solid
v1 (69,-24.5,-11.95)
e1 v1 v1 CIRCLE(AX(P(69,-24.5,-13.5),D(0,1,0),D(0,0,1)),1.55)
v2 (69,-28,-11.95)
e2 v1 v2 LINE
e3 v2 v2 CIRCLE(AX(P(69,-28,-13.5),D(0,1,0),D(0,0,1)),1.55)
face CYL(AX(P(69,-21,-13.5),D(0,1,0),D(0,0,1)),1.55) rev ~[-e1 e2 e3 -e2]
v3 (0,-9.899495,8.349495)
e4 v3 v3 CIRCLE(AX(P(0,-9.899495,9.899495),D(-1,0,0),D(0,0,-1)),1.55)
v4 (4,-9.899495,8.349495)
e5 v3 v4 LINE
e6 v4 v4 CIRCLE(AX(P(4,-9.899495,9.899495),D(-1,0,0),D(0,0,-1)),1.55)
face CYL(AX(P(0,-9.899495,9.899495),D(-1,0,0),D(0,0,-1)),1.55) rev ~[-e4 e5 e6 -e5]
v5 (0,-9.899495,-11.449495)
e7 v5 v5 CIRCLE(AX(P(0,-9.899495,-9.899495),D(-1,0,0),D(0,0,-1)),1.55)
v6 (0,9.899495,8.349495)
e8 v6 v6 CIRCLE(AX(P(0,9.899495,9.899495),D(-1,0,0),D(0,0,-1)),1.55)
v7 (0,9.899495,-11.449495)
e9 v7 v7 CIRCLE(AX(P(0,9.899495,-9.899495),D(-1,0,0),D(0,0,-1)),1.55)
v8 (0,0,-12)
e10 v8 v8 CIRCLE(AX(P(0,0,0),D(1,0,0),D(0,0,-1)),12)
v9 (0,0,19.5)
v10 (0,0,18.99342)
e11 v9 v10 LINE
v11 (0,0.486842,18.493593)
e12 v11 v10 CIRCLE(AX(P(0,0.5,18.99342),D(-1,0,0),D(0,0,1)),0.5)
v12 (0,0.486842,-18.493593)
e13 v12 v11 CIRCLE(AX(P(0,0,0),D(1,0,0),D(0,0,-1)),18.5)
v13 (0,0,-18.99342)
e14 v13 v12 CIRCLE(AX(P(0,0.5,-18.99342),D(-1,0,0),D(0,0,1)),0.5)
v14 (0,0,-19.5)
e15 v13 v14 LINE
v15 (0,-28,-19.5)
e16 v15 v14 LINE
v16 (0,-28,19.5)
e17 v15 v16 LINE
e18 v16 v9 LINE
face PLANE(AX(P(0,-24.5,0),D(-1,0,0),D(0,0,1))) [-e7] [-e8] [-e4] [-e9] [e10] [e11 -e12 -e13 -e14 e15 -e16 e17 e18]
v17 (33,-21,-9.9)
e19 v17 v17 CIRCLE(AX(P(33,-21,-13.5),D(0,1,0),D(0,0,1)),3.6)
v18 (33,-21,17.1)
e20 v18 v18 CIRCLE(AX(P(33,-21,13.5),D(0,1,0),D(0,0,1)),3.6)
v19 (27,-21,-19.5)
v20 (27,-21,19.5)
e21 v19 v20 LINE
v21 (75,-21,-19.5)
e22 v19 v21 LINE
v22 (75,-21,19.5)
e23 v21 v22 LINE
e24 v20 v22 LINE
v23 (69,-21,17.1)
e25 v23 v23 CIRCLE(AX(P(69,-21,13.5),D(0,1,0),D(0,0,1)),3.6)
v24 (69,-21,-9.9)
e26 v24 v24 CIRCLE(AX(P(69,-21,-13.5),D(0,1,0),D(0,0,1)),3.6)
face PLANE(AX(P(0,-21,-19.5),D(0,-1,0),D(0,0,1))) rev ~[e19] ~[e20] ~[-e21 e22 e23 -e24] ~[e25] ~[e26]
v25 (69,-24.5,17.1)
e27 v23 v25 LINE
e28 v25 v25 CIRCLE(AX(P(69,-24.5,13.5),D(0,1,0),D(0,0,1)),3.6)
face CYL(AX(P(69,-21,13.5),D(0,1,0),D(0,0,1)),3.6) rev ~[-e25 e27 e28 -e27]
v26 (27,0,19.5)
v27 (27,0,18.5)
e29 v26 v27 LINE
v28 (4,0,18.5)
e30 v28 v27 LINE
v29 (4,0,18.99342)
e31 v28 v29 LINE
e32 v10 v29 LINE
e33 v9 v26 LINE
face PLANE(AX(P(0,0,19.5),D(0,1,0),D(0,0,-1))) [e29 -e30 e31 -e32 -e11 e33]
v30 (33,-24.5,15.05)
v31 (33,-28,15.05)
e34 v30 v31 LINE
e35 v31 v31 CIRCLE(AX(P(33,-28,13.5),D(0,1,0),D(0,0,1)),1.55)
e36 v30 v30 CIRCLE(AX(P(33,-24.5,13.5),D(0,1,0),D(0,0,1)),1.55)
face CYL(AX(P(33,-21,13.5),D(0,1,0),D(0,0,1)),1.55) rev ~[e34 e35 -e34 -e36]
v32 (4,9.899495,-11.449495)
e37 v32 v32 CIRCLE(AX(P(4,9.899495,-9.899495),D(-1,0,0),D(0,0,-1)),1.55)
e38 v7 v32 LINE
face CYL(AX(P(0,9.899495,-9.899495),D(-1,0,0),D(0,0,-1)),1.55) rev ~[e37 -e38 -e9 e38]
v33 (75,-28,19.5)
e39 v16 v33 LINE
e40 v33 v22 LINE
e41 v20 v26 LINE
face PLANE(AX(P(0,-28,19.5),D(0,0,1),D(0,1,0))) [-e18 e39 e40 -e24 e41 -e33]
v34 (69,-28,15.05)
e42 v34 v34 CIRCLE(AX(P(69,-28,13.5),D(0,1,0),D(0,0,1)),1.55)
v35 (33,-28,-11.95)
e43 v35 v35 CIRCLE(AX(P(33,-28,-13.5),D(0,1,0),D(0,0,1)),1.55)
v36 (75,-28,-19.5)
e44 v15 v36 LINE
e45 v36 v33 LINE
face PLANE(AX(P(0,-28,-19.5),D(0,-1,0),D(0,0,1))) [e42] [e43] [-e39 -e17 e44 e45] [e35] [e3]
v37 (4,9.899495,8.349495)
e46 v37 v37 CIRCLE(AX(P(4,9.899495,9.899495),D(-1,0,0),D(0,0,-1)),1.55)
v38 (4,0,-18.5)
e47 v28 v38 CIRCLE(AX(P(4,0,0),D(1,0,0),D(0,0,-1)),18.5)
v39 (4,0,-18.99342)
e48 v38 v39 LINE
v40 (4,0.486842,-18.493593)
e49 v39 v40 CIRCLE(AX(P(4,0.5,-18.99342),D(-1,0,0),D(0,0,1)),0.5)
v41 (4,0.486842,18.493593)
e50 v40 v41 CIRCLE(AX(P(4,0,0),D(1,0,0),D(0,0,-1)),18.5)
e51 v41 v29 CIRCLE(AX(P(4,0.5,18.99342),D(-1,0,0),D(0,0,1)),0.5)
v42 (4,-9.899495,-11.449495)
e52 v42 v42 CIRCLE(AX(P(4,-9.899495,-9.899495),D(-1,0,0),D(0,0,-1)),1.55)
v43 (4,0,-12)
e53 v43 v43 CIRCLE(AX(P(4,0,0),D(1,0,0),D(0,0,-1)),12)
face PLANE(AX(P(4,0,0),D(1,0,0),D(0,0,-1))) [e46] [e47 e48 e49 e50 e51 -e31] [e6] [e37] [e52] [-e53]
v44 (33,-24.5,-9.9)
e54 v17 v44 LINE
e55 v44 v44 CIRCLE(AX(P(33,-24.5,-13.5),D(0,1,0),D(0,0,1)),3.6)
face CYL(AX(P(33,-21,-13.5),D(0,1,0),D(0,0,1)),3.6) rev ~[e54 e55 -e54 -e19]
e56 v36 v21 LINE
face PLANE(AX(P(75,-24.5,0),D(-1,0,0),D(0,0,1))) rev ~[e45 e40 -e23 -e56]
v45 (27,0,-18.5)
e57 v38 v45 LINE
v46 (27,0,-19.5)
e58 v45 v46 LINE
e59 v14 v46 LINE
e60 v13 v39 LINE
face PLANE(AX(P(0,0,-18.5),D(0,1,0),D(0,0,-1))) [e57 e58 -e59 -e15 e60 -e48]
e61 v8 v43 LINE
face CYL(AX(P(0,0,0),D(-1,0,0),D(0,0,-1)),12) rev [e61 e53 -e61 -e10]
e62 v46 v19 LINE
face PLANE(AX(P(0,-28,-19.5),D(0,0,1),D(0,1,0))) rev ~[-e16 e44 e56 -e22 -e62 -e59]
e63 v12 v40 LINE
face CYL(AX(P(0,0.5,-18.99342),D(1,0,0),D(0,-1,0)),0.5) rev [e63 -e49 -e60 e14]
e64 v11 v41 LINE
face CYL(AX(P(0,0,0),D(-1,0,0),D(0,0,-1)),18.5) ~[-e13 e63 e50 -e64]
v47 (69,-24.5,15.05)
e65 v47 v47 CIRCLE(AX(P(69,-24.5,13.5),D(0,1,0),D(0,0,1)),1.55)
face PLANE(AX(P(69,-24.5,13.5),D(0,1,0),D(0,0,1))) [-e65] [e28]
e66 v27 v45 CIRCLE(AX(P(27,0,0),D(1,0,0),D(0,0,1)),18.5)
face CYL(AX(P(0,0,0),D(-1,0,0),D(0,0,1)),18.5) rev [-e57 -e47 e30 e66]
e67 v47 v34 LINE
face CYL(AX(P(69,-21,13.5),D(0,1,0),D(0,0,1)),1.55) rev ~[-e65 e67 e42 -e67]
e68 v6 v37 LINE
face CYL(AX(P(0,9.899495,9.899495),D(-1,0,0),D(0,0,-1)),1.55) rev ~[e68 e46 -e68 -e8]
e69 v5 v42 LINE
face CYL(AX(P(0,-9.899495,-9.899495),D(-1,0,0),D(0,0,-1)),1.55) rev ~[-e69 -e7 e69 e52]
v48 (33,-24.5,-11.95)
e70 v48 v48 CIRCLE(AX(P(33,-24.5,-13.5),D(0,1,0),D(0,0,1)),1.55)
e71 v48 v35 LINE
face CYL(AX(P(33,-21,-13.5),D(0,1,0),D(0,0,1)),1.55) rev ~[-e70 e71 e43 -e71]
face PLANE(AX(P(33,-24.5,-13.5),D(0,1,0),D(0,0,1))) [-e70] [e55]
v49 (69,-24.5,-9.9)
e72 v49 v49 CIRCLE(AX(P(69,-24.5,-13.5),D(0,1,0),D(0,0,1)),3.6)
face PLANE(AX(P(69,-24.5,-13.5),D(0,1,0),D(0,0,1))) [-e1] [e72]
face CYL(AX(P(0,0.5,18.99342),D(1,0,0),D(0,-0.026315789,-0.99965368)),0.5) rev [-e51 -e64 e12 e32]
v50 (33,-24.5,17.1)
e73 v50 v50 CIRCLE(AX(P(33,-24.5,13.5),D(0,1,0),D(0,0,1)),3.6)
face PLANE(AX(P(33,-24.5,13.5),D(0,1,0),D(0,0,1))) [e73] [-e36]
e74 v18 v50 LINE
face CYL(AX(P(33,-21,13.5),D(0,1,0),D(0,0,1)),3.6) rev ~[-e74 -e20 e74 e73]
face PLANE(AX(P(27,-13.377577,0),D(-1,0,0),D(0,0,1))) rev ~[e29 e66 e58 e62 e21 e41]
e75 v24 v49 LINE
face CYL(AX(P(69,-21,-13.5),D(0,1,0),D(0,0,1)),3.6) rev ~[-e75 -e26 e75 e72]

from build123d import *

# Parameters (mm, degrees)
ESBO_O1_R                = 18.5
ESBO_O1_R_2              = 12
RESSALTO_EXTRUS_O1_DEPTH = 4
RESSALTO_EXTRUS_O2_DEPTH = 27
FILETE1_R                = 0.5
ESBO_O3_W                = 39
ESBO_O3_H                = 7
RESSALTO_EXTRUS_O3_DEPTH = 75
ESBO_O4_R                = 1.55
CORTE_EXTRUS_O1_DEPTH    = 7
ESBO_O5_R                = 3.6
CORTE_EXTRUS_O2_DEPTH    = 3.5
ESBO_O6_R                = 1.55
CORTE_EXTRUS_O4_DEPTH    = 4


with BuildPart() as part:
    # Esboço1 → Ressalto-extrusão1 (new body)
    with BuildSketch(Plane(origin=(0, 0, 0), x_dir=(0, 0, -1), z_dir=(1, 0, 0))):
        Circle(ESBO_O1_R)
        Circle(ESBO_O1_R_2, mode=Mode.SUBTRACT)
    extrude(amount=RESSALTO_EXTRUS_O1_DEPTH)

    # Esboço2 → Ressalto-extrusão2 (add)
    with BuildSketch(Plane.ZY):
        with BuildLine():
            Line((-19.5, 0), (-19.5, -21))
            Line((-19.5, -21), (19.5, -21))
            Line((19.5, -21), (19.5, 0))
            Line((19.5, 0), (18.5, 0))
            ThreePointArc((18.5, 0), (0, -18.5), (-18.5, 0))
            Line((-18.5, 0), (-19.5, 0))
        make_face()
    extrude(amount=-RESSALTO_EXTRUS_O2_DEPTH)

    # Filete1
    filete1_edges = [part.edges().sort_by_distance(p)[0] for p in [
        (2, 0, 18.5),
        (2, 0, -18.5),
    ]]
    fillet(filete1_edges, radius=FILETE1_R)

    # Esboço3 → Ressalto-extrusão3 (add)
    with BuildSketch(Plane.ZY):
        with Locations((0, -24.5)):
            Rectangle(ESBO_O3_W, ESBO_O3_H)
    extrude(amount=-RESSALTO_EXTRUS_O3_DEPTH)

    # Esboço4 → Corte-extrusão1 (cut)
    with BuildSketch(Plane(origin=(0, -21, 0), x_dir=(1, 0, 0), z_dir=(0, 1, 0))):
        with Locations(Location((33, 13.5, 0), (0, 0, 270))):
            Circle(ESBO_O4_R)
        with Locations(Location((69, 13.5, 0), (0, 0, 270))):
            Circle(ESBO_O4_R)
        with Locations(Location((33, -13.5, 0), (0, 0, 270))):
            Circle(ESBO_O4_R)
        with Locations(Location((69, -13.5, 0), (0, 0, 270))):
            Circle(ESBO_O4_R)
    extrude(amount=-CORTE_EXTRUS_O1_DEPTH, mode=Mode.SUBTRACT)

    # Esboço5 → Corte-extrusão2 (cut)
    with BuildSketch(Plane(origin=(0, -21, 0), x_dir=(1, 0, 0), z_dir=(0, 1, 0))):
        with Locations(Location((33, 13.5, 0), (0, 0, 270))):
            Circle(ESBO_O5_R)
        with Locations(Location((69, 13.5, 0), (0, 0, 270))):
            Circle(ESBO_O5_R)
        with Locations(Location((69, -13.5, 0), (0, 0, 270))):
            Circle(ESBO_O5_R)
        with Locations(Location((33, -13.5, 0), (0, 0, 270))):
            Circle(ESBO_O5_R)
    extrude(amount=-CORTE_EXTRUS_O2_DEPTH, mode=Mode.SUBTRACT)

    # Esboço6 → Corte-extrusão4 (cut)
    with BuildSketch(Plane.ZY):
        with Locations(Location((9.899494937, 9.899494937, 0), (0, 0, 180))):
            Circle(ESBO_O6_R)
        with Locations(Location((9.899494937, -9.899494937, 0), (0, 0, 180))):
            Circle(ESBO_O6_R)
        with Locations(Location((-9.899494937, -9.899494937, 0), (0, 0, 180))):
            Circle(ESBO_O6_R)
        with Locations(Location((-9.899494937, 9.899494937, 0), (0, 0, 180))):
            Circle(ESBO_O6_R)
    extrude(amount=-CORTE_EXTRUS_O4_DEPTH, mode=Mode.SUBTRACT)


solid = part.part
